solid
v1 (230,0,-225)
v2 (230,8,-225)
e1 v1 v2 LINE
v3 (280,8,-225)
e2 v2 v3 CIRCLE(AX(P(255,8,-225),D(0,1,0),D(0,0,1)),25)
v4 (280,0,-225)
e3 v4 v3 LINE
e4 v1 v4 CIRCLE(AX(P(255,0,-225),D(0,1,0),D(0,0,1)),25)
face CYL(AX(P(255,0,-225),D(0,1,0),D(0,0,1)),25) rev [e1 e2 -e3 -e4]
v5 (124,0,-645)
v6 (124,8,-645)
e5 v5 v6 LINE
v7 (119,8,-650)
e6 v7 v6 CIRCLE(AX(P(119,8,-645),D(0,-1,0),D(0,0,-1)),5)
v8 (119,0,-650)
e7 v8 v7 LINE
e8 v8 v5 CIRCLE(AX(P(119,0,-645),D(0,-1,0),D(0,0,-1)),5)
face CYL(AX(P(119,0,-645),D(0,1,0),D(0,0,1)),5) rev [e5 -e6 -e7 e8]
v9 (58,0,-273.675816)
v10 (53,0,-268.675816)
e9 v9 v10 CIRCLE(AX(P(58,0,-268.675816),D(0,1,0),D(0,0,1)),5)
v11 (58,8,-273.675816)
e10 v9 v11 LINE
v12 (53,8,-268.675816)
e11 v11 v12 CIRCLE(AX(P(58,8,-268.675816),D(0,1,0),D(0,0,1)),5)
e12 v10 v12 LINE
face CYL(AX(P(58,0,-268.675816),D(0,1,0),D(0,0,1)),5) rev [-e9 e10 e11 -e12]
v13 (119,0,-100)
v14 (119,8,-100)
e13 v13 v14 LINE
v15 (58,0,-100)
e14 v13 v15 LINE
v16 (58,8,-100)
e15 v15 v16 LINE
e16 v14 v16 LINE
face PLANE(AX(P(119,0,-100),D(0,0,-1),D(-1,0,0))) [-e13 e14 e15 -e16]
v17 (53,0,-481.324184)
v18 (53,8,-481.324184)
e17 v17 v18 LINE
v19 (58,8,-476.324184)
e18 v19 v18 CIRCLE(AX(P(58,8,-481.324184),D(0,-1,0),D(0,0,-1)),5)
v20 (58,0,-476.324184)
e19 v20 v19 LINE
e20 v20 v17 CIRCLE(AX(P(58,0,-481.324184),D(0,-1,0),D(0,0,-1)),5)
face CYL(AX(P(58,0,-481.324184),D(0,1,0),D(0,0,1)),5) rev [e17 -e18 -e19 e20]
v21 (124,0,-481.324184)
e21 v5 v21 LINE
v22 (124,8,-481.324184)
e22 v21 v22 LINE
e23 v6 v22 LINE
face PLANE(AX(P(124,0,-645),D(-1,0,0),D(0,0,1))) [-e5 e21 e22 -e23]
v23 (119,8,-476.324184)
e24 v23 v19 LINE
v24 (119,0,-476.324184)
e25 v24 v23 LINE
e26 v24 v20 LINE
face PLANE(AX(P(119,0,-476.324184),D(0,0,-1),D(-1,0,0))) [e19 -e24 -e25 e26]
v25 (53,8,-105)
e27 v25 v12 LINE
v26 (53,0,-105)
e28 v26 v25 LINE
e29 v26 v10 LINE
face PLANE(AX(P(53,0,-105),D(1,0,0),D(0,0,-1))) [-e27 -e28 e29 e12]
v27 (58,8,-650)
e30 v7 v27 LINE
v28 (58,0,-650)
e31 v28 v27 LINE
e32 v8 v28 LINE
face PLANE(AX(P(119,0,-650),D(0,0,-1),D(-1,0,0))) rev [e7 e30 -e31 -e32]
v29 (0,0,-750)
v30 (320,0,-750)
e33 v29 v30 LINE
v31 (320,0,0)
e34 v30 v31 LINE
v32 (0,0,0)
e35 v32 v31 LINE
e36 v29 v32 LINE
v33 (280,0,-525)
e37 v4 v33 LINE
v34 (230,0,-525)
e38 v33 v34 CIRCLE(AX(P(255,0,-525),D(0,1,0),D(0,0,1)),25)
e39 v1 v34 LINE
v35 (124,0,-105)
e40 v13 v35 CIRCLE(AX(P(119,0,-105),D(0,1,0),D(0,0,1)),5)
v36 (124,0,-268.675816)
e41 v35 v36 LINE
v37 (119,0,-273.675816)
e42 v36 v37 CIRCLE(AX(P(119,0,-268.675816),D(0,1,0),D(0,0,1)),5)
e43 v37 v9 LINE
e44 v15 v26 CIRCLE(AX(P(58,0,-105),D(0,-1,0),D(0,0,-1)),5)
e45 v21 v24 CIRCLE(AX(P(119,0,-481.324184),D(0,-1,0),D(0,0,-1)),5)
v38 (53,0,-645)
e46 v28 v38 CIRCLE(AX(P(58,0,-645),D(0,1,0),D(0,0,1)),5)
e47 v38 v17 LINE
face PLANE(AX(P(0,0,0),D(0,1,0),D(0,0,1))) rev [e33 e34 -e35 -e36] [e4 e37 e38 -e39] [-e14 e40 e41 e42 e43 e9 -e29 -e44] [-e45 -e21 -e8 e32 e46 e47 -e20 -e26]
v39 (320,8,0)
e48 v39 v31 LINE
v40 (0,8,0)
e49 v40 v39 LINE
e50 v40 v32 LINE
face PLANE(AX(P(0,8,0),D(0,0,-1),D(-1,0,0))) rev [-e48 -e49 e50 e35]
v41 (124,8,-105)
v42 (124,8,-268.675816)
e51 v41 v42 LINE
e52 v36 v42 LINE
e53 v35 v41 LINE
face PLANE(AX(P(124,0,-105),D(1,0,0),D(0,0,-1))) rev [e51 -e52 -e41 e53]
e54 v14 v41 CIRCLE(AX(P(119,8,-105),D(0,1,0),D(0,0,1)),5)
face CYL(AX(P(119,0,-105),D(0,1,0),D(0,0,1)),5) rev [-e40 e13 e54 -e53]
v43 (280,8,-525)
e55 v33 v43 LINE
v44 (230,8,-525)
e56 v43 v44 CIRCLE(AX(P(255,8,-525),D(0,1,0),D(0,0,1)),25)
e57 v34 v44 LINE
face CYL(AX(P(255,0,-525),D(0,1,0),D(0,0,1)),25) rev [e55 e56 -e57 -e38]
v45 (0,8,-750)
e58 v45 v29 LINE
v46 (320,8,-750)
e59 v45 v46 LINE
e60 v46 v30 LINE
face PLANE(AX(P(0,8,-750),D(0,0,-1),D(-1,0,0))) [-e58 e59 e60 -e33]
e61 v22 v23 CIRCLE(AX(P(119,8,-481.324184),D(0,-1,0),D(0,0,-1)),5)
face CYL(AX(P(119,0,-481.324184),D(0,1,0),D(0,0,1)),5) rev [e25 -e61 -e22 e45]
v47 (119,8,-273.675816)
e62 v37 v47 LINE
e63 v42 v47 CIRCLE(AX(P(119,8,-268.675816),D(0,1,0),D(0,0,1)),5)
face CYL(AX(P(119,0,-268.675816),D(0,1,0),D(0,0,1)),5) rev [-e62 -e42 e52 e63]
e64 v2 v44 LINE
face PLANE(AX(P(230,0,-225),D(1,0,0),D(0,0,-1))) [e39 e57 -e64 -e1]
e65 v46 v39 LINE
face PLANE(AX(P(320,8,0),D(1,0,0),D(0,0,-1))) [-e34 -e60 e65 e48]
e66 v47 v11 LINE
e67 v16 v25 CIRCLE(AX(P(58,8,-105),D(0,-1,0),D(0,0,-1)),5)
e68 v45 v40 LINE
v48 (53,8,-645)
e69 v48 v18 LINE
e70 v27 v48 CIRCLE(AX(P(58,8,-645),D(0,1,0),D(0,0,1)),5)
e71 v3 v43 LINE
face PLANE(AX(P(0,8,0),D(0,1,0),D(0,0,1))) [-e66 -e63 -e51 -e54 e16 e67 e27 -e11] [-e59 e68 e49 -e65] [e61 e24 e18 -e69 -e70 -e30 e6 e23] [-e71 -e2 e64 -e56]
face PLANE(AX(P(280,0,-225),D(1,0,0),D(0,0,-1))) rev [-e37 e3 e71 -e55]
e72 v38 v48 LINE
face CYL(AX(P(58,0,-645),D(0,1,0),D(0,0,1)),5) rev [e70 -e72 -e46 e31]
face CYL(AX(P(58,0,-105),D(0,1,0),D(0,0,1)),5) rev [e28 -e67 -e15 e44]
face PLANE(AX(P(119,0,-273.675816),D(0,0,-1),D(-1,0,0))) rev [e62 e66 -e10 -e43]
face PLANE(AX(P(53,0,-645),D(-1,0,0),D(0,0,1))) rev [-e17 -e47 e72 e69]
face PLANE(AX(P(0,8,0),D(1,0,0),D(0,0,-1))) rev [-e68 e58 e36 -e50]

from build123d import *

# Parameters (mm, degrees)
SKETCH4_W           = 320
SKETCH4_H           = 750
BOSS_EXTRUDE3_DEPTH = 8
CUT_EXTRUDE1_DEPTH  = 8


with BuildPart() as part:
    # Sketch4 → Boss-Extrude3 (new body)
    with BuildSketch(Plane(origin=(0, 0, 0), x_dir=(1, 0, 0), z_dir=(0, 1, 0))):
        with Locations((160, 375)):
            Rectangle(SKETCH4_W, SKETCH4_H)
    extrude(amount=BOSS_EXTRUDE3_DEPTH)

    # Sketch8 → Cut-Extrude1 (cut)
    with BuildSketch(Plane(origin=(0, 8, 0), x_dir=(1, 0, 0), z_dir=(0, 1, 0))):
        with BuildLine():
            Line((119, 100), (58, 100))
            ThreePointArc((58, 100), (54.464466094, 101.464466094), (53, 105))
            Line((53, 105), (53, 268.675816019))
            ThreePointArc((53, 268.675816019), (54.464466094, 272.211349925), (58, 273.675816019))
            Line((58, 273.675816019), (119, 273.675816019))
            ThreePointArc((119, 273.675816019), (122.535533906, 272.211349925), (124, 268.675816019))
            Line((124, 268.675816019), (124, 105))
            ThreePointArc((124, 105), (122.535533906, 101.464466094), (119, 100))
        make_face()
        with BuildLine():
            Line((230, 225), (230, 525))
            ThreePointArc((230, 525), (255, 550), (280, 525))
            Line((280, 525), (280, 225))
            ThreePointArc((280, 225), (255, 200), (230, 225))
        make_face()
        with BuildLine():
            Line((119, 476.324183981), (58, 476.324183981))
            ThreePointArc((58, 476.324183981), (54.464466094, 477.788650075), (53, 481.324183981))
            Line((53, 481.324183981), (53, 645))
            ThreePointArc((53, 645), (54.464466094, 648.535533906), (58, 650))
            Line((58, 650), (119, 650))
            ThreePointArc((119, 650), (122.535533906, 648.535533906), (124, 645))
            Line((124, 645), (124, 481.324183981))
            ThreePointArc((124, 481.324183981), (122.535533906, 477.788650075), (119, 476.324183981))
        make_face()
    extrude(amount=-CUT_EXTRUDE1_DEPTH, mode=Mode.SUBTRACT)


solid = part.part
